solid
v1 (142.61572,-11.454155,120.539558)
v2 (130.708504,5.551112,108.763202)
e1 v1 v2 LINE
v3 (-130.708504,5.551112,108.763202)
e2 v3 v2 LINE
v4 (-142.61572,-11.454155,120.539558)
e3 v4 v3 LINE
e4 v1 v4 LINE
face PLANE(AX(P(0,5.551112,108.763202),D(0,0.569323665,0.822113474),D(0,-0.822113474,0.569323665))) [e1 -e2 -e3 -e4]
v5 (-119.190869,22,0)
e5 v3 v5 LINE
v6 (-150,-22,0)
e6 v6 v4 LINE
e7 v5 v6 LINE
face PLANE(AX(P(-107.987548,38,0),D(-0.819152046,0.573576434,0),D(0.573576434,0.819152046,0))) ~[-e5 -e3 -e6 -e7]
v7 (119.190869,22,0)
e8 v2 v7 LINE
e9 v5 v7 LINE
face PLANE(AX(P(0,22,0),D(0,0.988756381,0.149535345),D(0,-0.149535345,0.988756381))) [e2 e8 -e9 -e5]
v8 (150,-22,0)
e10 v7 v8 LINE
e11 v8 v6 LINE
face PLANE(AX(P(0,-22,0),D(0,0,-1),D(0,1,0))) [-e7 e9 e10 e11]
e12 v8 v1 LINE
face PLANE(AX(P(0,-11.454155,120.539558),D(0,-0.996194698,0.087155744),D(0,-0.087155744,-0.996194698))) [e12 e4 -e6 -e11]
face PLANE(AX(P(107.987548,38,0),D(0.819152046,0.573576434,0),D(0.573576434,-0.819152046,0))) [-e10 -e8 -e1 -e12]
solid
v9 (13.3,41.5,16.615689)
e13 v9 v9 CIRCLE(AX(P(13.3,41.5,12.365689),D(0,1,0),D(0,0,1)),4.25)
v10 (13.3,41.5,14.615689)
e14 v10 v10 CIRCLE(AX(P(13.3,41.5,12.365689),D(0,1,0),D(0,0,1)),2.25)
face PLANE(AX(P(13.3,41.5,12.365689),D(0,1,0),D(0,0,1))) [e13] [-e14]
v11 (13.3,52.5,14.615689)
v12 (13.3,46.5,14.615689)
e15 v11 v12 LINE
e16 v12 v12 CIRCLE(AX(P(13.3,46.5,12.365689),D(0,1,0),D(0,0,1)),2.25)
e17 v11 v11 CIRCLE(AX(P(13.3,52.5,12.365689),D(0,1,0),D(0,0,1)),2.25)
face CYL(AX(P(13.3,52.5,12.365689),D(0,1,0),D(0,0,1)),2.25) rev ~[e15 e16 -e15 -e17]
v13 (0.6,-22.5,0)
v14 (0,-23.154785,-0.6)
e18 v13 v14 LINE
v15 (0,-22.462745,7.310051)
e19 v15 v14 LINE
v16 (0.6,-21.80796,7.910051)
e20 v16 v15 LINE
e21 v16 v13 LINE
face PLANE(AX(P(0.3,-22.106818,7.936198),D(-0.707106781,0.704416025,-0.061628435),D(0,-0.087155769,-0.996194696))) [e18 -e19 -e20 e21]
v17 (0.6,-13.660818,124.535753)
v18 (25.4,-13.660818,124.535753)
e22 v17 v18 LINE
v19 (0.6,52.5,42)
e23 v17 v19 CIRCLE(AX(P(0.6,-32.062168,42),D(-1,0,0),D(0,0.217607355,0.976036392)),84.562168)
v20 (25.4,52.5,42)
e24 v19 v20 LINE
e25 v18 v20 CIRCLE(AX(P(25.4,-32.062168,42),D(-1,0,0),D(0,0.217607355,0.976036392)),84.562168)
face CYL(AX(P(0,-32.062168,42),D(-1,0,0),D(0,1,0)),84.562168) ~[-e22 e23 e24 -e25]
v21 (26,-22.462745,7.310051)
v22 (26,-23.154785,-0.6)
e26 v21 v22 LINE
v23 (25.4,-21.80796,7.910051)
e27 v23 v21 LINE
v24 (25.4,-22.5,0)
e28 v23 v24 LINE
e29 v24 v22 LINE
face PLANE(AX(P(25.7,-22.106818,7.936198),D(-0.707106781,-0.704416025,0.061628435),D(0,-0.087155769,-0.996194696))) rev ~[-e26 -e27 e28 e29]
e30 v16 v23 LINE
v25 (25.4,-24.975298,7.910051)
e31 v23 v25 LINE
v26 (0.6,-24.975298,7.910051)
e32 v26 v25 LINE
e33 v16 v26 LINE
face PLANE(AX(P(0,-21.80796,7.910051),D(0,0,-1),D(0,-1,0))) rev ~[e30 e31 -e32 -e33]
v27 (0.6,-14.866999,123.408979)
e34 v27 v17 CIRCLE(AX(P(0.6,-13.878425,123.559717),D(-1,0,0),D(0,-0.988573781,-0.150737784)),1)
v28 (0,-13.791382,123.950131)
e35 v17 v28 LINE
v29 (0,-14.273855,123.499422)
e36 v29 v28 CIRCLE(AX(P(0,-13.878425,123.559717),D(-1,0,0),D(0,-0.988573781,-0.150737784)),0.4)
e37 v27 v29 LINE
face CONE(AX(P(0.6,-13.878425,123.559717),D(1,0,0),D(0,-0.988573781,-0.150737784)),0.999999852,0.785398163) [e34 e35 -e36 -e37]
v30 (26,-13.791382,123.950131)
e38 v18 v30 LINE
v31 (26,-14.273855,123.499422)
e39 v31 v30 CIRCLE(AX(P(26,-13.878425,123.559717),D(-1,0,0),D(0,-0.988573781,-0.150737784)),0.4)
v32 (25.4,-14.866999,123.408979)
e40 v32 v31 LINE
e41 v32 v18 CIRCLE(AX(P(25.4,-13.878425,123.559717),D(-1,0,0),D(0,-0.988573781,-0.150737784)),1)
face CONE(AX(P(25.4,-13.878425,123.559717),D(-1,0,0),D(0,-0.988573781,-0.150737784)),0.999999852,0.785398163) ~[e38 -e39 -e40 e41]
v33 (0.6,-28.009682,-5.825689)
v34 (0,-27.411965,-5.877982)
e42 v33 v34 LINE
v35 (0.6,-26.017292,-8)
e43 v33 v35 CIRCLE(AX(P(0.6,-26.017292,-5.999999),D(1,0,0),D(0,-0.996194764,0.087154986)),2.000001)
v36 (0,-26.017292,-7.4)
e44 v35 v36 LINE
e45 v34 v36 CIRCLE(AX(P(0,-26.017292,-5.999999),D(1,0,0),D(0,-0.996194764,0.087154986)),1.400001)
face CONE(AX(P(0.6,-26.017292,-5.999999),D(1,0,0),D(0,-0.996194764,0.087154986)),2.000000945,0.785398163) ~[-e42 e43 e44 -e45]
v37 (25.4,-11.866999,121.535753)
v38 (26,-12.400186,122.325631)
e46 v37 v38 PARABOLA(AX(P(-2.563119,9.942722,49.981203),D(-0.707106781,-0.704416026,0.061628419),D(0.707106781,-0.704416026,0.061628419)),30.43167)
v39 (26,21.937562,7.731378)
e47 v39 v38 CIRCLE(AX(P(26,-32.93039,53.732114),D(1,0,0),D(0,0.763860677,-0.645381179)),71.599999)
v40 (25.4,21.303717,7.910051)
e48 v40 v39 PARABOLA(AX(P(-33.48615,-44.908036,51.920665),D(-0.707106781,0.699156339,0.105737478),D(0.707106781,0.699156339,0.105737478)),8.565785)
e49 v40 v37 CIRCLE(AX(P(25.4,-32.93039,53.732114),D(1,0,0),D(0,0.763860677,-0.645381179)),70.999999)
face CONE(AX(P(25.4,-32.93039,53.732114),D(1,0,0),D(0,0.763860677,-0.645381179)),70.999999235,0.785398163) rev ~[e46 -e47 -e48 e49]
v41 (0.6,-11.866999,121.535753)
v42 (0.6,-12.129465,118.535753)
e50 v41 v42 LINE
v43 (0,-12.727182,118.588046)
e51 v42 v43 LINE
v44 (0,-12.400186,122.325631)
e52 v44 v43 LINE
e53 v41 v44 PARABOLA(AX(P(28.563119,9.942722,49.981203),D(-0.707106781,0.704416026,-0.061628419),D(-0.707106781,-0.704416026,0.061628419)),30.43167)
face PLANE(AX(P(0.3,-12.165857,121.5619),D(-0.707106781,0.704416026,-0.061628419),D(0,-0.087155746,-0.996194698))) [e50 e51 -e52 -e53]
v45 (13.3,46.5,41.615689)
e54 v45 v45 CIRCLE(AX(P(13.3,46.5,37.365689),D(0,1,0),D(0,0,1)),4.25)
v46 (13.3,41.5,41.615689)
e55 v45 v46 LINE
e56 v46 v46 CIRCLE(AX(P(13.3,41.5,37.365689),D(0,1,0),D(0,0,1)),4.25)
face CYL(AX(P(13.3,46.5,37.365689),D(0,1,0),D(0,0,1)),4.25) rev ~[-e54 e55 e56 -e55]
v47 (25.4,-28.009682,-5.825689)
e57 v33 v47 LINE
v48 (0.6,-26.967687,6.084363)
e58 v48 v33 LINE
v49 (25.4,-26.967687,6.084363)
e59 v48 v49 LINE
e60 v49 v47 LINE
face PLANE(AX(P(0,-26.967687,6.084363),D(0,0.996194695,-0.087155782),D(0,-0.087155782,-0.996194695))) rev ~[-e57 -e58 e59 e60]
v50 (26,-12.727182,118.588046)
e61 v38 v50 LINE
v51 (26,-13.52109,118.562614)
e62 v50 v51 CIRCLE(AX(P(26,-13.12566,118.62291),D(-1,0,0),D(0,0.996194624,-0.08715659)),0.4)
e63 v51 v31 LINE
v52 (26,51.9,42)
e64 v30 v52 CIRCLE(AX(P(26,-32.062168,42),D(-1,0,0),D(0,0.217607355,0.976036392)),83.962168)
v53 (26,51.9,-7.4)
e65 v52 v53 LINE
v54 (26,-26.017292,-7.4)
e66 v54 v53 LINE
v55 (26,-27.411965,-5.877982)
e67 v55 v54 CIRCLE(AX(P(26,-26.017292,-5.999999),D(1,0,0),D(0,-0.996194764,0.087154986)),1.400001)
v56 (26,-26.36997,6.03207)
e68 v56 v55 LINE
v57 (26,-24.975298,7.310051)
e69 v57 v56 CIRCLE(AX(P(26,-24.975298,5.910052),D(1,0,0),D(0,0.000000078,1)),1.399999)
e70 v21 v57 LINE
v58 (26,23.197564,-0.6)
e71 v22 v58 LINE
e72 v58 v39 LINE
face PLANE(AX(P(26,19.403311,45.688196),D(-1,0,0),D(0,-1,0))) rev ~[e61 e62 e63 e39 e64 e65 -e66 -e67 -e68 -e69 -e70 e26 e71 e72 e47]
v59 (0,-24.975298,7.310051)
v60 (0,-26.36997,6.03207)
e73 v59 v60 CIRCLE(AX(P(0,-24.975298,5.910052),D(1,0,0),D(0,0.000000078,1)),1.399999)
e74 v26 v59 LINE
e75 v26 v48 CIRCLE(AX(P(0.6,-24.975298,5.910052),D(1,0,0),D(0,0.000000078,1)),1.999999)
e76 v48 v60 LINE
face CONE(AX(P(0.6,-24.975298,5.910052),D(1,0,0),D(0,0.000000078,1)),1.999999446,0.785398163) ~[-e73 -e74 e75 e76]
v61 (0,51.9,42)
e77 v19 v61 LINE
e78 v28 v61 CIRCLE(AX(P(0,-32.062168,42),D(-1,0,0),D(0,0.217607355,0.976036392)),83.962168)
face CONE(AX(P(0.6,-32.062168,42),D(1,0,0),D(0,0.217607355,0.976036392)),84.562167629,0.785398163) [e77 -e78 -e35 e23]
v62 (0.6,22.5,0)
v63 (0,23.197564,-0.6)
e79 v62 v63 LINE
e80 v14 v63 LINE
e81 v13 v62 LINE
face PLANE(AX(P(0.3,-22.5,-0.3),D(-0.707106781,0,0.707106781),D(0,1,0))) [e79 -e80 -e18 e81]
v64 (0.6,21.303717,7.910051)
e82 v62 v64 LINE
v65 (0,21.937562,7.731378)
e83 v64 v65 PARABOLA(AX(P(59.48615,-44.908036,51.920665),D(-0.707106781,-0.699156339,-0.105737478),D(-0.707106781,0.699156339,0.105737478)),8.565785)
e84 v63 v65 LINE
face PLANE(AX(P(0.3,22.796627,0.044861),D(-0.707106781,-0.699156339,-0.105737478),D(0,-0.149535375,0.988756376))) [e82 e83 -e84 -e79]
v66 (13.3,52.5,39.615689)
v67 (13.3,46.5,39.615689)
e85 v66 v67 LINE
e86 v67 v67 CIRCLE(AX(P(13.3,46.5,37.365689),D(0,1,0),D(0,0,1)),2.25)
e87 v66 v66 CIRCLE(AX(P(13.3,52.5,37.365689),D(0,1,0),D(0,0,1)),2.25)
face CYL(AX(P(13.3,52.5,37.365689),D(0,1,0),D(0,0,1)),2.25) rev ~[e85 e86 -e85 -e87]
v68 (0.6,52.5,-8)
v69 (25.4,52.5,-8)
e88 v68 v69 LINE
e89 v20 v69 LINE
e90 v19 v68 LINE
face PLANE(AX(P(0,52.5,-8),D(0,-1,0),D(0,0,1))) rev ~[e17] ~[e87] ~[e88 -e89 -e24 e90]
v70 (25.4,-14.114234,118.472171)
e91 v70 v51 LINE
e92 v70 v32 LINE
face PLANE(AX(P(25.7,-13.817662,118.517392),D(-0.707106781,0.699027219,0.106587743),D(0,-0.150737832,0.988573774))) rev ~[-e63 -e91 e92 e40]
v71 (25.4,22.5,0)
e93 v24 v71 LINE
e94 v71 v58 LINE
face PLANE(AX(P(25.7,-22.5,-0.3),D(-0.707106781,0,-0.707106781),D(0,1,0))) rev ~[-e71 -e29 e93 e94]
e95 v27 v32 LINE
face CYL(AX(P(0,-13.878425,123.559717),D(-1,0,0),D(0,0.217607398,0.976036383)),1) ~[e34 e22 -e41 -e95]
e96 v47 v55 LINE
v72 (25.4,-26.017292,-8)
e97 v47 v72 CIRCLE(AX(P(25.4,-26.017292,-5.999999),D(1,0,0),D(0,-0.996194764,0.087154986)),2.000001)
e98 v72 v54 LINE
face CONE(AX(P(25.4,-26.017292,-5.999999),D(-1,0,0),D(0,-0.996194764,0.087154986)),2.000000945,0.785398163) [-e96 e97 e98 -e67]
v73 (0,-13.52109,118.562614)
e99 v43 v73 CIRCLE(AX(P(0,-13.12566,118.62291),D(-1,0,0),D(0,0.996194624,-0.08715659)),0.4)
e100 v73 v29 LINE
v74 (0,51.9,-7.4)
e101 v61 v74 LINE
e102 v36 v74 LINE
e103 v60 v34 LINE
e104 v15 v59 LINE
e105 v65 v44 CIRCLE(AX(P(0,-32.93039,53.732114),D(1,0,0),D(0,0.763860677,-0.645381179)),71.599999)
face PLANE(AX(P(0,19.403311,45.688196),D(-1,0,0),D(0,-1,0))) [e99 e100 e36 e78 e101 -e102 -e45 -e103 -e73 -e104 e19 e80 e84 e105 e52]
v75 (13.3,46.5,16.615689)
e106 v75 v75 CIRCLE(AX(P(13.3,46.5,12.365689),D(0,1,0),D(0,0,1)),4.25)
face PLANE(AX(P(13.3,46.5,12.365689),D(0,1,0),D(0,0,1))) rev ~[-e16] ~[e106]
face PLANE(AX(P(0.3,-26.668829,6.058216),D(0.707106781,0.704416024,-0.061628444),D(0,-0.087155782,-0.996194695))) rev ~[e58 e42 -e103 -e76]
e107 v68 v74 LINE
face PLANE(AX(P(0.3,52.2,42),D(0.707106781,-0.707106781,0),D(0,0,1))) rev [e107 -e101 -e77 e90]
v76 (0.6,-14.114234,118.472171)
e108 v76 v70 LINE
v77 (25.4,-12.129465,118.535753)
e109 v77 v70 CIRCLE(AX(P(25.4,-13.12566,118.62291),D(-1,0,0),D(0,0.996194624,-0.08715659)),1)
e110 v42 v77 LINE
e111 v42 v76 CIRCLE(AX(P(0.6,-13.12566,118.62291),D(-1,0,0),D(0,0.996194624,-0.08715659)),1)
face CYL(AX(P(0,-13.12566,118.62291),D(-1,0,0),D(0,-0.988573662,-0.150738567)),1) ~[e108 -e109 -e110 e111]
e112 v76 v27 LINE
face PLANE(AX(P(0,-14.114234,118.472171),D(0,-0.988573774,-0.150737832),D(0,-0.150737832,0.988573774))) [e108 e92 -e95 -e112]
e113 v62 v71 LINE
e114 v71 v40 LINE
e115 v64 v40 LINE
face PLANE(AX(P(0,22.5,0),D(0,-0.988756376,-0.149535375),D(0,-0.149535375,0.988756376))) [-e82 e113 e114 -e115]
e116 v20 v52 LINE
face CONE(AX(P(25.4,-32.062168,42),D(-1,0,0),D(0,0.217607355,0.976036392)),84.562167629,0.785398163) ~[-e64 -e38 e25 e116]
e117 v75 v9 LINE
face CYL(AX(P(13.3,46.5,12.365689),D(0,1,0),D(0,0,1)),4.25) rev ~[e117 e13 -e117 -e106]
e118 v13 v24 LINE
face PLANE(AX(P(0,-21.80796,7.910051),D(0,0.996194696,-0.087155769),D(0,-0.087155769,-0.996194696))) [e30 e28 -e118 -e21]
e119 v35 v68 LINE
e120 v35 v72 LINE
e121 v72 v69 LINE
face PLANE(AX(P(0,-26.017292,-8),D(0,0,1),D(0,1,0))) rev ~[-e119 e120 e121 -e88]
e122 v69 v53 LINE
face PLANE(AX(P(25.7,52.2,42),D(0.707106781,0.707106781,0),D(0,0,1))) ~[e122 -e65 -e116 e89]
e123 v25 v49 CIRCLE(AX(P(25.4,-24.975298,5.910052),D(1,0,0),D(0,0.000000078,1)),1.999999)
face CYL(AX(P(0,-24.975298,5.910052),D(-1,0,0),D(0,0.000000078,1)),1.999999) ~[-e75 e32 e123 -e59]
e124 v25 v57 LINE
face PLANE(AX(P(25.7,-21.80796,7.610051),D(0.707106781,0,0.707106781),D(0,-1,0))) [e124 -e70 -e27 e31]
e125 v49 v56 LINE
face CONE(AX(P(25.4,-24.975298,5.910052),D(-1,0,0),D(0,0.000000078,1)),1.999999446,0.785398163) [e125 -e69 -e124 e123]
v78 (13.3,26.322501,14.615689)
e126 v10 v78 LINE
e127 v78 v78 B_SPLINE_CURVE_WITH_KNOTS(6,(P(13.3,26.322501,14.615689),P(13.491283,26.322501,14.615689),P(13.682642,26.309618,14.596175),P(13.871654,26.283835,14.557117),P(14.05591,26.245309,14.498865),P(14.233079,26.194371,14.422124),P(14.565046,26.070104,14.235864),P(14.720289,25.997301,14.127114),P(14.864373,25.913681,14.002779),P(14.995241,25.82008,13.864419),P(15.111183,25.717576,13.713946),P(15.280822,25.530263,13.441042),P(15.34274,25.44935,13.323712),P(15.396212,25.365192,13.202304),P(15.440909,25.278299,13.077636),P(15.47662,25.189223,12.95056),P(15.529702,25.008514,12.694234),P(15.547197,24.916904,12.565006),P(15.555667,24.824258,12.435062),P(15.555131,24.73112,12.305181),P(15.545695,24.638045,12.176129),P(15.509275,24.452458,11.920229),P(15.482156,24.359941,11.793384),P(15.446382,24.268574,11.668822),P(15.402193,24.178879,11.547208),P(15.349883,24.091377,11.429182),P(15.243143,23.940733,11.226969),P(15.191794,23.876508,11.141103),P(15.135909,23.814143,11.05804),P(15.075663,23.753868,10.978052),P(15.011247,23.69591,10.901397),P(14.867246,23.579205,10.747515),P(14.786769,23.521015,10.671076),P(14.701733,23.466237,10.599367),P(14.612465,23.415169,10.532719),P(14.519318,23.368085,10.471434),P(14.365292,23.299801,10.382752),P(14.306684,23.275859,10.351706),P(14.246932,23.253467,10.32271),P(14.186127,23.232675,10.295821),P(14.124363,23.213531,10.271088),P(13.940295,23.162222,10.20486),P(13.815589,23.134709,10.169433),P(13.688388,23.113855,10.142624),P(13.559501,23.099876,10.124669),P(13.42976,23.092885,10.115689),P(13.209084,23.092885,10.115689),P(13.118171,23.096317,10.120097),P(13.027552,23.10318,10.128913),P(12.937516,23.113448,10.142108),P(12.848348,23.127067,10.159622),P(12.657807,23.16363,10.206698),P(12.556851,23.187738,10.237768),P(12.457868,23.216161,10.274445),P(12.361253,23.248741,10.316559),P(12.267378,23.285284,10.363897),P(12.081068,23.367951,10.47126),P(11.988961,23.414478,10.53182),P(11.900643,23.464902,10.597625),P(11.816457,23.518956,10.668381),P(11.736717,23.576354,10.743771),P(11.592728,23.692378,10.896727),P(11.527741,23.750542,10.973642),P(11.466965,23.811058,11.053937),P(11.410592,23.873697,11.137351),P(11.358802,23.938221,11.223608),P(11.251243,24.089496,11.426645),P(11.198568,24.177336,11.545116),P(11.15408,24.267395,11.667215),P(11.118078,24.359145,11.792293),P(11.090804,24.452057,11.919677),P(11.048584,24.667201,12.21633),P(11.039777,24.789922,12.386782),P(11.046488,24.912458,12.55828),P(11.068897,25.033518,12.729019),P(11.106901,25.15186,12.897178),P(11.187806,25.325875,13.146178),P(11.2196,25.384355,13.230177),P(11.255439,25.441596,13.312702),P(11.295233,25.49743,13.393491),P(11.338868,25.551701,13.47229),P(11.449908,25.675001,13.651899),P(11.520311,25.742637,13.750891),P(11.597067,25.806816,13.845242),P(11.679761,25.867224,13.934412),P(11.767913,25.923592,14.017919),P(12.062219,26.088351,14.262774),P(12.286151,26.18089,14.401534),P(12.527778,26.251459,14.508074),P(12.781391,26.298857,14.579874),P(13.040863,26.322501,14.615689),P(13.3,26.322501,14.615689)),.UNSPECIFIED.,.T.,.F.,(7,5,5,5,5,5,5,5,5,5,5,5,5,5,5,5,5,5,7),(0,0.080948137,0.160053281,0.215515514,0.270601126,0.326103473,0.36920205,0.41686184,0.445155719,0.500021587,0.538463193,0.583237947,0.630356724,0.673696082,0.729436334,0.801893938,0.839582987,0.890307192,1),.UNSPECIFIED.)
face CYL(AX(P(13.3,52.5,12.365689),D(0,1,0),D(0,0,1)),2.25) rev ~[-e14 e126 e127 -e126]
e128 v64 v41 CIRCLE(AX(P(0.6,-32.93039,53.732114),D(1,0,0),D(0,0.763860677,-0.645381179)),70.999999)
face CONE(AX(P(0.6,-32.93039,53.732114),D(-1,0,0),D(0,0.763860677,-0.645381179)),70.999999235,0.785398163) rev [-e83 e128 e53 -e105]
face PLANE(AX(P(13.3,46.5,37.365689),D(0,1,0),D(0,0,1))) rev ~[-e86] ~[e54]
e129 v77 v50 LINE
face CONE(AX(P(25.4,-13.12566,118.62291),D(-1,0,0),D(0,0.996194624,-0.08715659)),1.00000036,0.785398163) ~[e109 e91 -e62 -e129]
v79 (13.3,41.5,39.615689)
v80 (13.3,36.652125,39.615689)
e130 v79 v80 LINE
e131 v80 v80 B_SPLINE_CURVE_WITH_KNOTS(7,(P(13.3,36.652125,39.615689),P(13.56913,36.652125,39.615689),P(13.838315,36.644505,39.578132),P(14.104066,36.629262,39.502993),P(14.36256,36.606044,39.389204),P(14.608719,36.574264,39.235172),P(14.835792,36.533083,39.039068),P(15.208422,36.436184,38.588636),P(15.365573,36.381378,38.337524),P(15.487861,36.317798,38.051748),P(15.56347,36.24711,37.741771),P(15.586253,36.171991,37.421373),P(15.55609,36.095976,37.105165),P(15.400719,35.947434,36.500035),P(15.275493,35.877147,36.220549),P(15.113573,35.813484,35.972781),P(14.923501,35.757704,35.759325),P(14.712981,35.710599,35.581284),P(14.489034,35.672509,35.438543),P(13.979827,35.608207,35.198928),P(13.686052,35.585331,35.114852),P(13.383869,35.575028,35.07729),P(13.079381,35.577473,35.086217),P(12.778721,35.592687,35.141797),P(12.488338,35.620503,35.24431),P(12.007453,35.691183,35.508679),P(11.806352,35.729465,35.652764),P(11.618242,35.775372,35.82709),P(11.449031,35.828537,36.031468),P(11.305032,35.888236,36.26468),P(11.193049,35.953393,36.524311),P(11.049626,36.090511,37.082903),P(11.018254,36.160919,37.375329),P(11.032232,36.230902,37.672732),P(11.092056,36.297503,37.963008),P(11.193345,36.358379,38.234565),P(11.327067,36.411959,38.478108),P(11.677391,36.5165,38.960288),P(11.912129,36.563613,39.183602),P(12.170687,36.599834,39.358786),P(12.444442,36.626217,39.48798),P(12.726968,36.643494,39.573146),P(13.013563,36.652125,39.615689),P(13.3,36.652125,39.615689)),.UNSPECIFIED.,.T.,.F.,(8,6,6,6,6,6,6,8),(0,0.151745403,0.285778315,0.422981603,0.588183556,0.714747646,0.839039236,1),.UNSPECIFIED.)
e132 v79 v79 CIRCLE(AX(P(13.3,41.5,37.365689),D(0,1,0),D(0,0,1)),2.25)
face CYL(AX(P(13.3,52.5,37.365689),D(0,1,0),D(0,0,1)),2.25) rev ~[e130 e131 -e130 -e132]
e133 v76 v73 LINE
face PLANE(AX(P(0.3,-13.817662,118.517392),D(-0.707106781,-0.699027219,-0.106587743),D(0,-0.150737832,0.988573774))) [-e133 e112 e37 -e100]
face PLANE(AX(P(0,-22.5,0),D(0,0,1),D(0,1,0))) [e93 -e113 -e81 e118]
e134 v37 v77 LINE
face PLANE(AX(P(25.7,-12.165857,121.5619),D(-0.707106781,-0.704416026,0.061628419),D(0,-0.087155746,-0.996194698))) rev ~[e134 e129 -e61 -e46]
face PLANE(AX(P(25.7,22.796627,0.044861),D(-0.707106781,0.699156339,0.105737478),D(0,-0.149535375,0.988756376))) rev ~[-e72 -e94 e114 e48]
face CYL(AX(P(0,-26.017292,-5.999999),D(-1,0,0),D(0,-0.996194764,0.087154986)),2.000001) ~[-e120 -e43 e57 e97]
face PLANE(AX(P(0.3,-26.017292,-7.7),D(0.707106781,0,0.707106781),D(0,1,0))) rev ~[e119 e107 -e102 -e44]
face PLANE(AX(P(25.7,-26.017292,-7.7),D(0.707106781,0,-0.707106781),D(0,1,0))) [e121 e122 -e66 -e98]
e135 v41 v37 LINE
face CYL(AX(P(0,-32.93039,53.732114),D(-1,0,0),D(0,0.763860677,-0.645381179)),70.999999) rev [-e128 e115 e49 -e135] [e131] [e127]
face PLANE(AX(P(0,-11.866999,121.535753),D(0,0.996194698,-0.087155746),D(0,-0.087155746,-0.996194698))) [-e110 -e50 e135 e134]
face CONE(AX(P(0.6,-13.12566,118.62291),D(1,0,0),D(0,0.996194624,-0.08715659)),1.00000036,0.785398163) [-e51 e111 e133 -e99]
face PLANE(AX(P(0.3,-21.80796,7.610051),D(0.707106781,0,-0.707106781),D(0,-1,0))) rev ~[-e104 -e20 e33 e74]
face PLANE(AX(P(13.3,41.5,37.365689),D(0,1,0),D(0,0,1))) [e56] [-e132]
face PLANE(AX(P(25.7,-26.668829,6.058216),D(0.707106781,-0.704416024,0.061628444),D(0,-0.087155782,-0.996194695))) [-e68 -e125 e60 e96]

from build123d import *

# Parameters (mm, degrees)
PAD_DEPTH       = 150
POCKET_DEPTH    = 773.122462
PAD002_DEPTH    = 26
CHAMFER001_SIZE = 0.6
SKETCH008_R     = 2.25
POCKET003_DEPTH = 80.518292
SKETCH009_R     = 4.25
POCKET004_DEPTH = 5


with BuildPart() as starlink_gen3_router_proxy:
    # Sketch → Pad (new body, symmetric)
    with BuildSketch(Plane.YZ):
        Polygon((-22, 0), (22, 0), (5.551112, 108.763202), (-11.454155, 120.539558), align=None)
    extrude(amount=PAD_DEPTH, both=True)

    # Sketch001 → Pocket (cut, through all)
    with BuildSketch(Plane.XY):
        Polygon((150, -22), (150, 38), (107.987548, 38), align=None)
    pocket = extrude(amount=POCKET_DEPTH, mode=Mode.SUBTRACT)

    # Mirrored: Pocket across Sketch001 V_Axis
    add(pocket.mirror(Plane(origin=(0, 0, 0), x_dir=(0, 0, 1), z_dir=(1, 0, 0))), mode=Mode.SUBTRACT)


with BuildPart() as router_mount:
    # Sketch007 → Pad002 (new body)
    with BuildSketch(Plane.YZ):
        with BuildLine():
            ThreePointArc((21.303717, 7.910051), (35.224788, 73.628635), (-11.866999, 121.535753))
            Line((-11.866999, 121.535753), (-12.129465, 118.535753))
            ThreePointArc((-14.114234, 118.472171), (-13.093641, 117.623422), (-12.129465, 118.535753))
            Line((-14.114234, 118.472171), (-14.866999, 123.408979))
            ThreePointArc((-13.660818, 124.535753), (-14.561069, 124.290468), (-14.866999, 123.408979))
            ThreePointArc((52.5, 42), (33.918201, 94.889991), (-13.660818, 124.535753))
            Line((52.5, -8), (52.5, 42))
            Line((-26.017292, -8), (52.5, -8))
            ThreePointArc((-28.009682, -5.825689), (-27.491847, -7.35118), (-26.017292, -8))
            Line((-26.967687, 6.084363), (-28.009682, -5.825689))
            ThreePointArc((-24.975298, 7.910051), (-26.326478, 7.384606), (-26.967687, 6.084363))
            Line((-21.80796, 7.910051), (-24.975298, 7.910051))
            Line((-21.80796, 7.910051), (-22.5, 0))
            Line((-22.5, 0), (22.5, 0))
            Line((22.5, 0), (21.303717, 7.910051))
        make_face()
    extrude(amount=PAD002_DEPTH)

    # Chamfer001
    chamfer001_edges = [router_mount.edges().sort_by_distance(p)[0] for p in [
        (26, -22.15398, 3.955026),
        (26, 0, 0),
        (26, 21.901859, 3.955026),
        (26, 35.224788, 73.628635),
        (26, -11.998232, 120.035753),
        (26, -13.093641, 117.623422),
        (26, -14.490617, 120.940575),
        (26, -14.561069, 124.290468),
        (26, 33.918201, 94.889991),
        (26, 52.5, 17),
        (26, 13.241354, -8),
        (26, -27.491847, -7.35118),
        (26, -27.488684, 0.129337),
        (26, -26.326478, 7.384606),
        (26, -23.391629, 7.910051),
        (0, -22.15398, 3.955026),
        (0, 0, 0),
        (0, 21.901859, 3.955026),
        (0, 35.224788, 73.628635),
        (0, -11.998232, 120.035753),
        (0, -13.093641, 117.623422),
        (0, -14.490617, 120.940575),
        (0, -14.561069, 124.290468),
        (0, 33.918201, 94.889991),
        (0, 52.5, 17),
        (0, 13.241354, -8),
        (0, -27.491847, -7.35118),
        (0, -27.488684, 0.129337),
        (0, -26.326478, 7.384606),
        (0, -23.391629, 7.910051),
    ]]
    chamfer(chamfer001_edges, length=CHAMFER001_SIZE)

    # Sketch008 (on Face44 of Chamfer001) → Pocket003 (cut, through all)
    with BuildSketch(Plane.ZX.offset(52.5)):
        with Locations((37.365689, 13.3)):
            Circle(SKETCH008_R)
        with Locations((12.365689, 13.3)):
            Circle(SKETCH008_R)
    extrude(amount=-POCKET003_DEPTH, mode=Mode.SUBTRACT)

    # Sketch009 (on Face44 of Pocket003) → Pocket004 (cut)
    with BuildSketch(Plane.ZX.offset(46.5)):
        with Locations((12.365689, 13.3)):
            Circle(SKETCH009_R)
        with Locations((37.365689, 13.3)):
            Circle(SKETCH009_R)
    extrude(amount=-POCKET004_DEPTH, mode=Mode.SUBTRACT)


solid = Compound([starlink_gen3_router_proxy.part, router_mount.part])
